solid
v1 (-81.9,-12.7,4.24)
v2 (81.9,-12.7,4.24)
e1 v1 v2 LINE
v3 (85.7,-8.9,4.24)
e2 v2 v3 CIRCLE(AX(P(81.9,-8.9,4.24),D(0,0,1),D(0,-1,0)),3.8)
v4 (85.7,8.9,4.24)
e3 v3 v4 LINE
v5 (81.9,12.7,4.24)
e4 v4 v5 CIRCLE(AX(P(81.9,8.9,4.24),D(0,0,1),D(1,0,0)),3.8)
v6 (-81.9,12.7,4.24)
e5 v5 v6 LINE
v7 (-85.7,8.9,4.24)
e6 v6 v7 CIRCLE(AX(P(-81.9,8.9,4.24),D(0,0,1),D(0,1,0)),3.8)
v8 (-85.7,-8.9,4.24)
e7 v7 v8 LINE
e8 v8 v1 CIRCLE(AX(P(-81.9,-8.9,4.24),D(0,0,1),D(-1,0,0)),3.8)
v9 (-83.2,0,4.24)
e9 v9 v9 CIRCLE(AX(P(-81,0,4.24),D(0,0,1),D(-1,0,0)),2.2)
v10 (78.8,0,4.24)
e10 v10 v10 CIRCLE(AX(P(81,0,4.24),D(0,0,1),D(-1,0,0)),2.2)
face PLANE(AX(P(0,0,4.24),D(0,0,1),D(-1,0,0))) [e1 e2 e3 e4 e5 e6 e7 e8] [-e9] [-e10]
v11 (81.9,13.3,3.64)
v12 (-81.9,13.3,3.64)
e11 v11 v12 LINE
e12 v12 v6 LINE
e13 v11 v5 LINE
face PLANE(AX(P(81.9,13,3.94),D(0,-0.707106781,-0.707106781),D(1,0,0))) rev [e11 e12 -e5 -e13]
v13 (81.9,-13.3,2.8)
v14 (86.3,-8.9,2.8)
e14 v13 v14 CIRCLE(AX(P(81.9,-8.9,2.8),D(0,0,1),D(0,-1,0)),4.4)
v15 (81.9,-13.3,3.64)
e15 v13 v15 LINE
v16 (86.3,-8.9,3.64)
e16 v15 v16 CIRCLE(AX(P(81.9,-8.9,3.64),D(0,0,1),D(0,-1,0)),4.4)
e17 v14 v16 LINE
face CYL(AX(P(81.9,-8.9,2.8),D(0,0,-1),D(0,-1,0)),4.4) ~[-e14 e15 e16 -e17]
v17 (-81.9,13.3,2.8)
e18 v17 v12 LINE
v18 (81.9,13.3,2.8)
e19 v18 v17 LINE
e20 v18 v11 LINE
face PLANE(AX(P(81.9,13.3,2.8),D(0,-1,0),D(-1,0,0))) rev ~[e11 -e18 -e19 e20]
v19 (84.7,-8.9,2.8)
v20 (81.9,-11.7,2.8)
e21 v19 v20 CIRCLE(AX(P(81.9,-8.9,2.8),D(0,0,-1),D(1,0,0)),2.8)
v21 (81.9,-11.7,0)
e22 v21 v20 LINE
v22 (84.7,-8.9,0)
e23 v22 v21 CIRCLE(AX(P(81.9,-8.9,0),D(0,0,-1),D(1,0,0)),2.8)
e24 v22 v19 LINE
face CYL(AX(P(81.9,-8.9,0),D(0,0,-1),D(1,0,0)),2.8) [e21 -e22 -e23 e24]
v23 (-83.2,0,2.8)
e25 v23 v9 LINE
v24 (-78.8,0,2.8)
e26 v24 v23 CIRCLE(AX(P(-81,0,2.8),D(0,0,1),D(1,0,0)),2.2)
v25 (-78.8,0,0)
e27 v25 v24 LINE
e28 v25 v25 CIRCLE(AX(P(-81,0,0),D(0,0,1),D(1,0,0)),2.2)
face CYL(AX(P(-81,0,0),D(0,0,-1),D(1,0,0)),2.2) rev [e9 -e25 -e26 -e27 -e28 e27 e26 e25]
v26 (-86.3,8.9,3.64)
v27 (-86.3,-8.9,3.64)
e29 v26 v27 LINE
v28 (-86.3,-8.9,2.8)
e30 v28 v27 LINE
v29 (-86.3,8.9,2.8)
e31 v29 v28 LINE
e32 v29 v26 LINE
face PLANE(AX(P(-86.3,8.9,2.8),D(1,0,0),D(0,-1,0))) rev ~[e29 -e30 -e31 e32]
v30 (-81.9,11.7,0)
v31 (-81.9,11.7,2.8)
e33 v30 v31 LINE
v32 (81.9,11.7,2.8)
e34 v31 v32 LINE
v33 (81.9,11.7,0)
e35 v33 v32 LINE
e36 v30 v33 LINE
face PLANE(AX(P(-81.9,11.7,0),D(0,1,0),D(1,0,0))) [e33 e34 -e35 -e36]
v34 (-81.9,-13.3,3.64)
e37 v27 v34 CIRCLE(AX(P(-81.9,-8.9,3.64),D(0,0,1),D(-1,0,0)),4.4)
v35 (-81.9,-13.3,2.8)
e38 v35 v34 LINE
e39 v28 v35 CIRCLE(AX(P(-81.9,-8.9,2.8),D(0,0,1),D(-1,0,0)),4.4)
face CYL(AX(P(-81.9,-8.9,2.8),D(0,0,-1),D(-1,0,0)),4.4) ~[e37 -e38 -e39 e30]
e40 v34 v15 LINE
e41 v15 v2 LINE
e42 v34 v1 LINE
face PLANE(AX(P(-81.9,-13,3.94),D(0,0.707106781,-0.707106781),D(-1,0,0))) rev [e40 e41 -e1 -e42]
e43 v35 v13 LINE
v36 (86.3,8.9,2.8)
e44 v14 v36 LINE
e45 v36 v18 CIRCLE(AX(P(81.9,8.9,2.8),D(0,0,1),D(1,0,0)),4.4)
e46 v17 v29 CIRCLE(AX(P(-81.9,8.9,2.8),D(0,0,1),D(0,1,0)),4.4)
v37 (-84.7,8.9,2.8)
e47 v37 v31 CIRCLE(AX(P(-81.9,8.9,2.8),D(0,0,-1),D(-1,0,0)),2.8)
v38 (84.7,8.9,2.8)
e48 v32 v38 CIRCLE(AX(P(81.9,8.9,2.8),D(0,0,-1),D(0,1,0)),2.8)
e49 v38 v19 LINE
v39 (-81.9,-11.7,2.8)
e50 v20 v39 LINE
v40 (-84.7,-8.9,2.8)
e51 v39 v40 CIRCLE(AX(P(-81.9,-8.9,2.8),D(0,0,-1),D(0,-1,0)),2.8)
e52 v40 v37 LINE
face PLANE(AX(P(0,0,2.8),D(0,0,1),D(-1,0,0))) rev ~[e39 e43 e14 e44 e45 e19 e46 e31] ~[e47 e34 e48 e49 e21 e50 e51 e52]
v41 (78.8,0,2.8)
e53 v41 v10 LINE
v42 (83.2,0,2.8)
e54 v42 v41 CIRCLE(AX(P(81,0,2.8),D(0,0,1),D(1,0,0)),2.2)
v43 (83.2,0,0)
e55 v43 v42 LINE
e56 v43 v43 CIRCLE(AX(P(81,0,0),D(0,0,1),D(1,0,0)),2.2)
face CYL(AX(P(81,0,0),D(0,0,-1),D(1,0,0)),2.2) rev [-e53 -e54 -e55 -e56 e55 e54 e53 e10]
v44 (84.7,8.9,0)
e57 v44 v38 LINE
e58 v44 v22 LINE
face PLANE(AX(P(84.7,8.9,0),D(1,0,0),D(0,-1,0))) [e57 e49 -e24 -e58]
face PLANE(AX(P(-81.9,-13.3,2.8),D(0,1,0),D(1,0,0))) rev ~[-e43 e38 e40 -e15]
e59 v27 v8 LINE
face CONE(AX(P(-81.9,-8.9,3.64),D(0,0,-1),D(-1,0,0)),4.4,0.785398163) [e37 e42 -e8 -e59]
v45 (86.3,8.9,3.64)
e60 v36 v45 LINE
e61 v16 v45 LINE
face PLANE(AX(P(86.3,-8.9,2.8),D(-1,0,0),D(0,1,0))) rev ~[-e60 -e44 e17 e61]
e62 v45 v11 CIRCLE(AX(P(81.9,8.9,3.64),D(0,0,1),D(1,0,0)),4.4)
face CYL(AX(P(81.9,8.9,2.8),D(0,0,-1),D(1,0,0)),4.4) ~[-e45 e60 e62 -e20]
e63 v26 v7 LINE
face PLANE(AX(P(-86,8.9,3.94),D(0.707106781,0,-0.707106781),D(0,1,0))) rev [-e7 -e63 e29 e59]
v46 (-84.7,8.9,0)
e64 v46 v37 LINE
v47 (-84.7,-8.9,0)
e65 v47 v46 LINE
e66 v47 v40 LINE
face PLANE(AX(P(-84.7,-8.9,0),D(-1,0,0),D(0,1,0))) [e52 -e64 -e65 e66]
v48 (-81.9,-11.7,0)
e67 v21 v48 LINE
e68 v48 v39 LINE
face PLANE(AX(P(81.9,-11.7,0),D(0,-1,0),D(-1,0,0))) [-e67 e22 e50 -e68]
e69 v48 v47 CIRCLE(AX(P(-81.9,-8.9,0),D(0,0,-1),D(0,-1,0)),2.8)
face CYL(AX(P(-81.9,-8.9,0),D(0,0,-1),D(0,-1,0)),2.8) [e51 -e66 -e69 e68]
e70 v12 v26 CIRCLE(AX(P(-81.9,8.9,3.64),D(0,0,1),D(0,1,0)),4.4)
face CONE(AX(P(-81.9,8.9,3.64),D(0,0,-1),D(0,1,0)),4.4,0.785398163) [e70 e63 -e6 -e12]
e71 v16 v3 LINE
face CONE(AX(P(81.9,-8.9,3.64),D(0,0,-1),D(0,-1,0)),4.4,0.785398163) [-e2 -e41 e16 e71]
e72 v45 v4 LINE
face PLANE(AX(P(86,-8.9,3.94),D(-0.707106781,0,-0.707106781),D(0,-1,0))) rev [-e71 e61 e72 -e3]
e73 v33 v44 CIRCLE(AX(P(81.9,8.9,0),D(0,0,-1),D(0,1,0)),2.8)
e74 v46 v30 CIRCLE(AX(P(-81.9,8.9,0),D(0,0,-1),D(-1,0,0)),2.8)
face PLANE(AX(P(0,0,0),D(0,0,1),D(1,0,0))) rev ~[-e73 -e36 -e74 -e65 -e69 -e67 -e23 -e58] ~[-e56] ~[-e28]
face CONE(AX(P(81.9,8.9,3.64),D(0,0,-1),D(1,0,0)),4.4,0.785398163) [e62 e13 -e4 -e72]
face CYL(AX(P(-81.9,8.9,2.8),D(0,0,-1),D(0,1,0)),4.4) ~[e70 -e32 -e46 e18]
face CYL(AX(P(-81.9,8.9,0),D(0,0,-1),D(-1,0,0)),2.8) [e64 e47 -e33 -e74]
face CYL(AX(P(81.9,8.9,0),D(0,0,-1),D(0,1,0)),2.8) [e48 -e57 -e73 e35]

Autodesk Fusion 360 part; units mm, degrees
sketch "Sketch1" plane through (0, 0, 0) normal (0, 0, 1) x (1, 0, 0)
  line L0 (-84.9, 11.9) -> (84.9, 11.9)
  line L1 (84.9, 11.9) -> (84.9, -11.9)
  line L2 (84.9, -11.9) -> (-84.9, -11.9)
  line L3 (-84.9, -11.9) -> (-84.9, 11.9)
  circle A0 centre (-81.9, 8.9) radius 3
  circle A1 centre (-81.9, -8.9) radius 3
  circle A2 centre (81.9, 8.9) radius 3
  circle A3 centre (81.9, -8.9) radius 3
  line L4 (-107.1873, 0) -> (-105, 0)
  line L5 (-105, 0) -> (105, 0) construction
  circle A4 centre (-81, 0) radius 2.2
  circle A5 centre (81, 0) radius 2.2
  dimension "d21" = 169.8
  dimension "d22" = 84.9
  dimension "d23" = 23.8
  dimension "d24" = 11.9
  dimension "d25" = 6
  dimension "d26" = 6
  dimension "d27" = 6
  dimension "d28" = 6
  dimension "d29" = 210
  dimension "d30" = 4.4
  dimension "d31" = 4.4
  dimension "d32" = 3.9
  dimension "d33" = 3.9
extrude "Extrude1" add sketch "Sketch1" along normal blind 2.8 contours L0 L1 L2 L3 A0 A1 A2 A3 | A0 | A2 | A1 | A3
sketch "Sketch2" plane through (0, 0, 2.8) normal (0, 0, 1) x (-1, 0, 0)
  circle A0 centre (81, 0) radius 2.2
  circle A1 centre (-81, 0) radius 2.2
  arc A2 (81.9, -11.9) -> (84.9, -8.9) centre (81.9, -8.9) ccw
  line L0 (84.9, -8.9) -> (84.9, 8.9)
  arc A3 (84.9, 8.9) -> (81.9, 11.9) centre (81.9, 8.9) ccw
  line L1 (81.9, 11.9) -> (-81.9, 11.9)
  arc A4 (-81.9, 11.9) -> (-84.9, 8.9) centre (-81.9, 8.9) ccw
  line L2 (-84.9, 8.9) -> (-84.9, -8.9)
  arc A5 (-84.9, -8.9) -> (-81.9, -11.9) centre (-81.9, -8.9) ccw
  line L3 (-81.9, -11.9) -> (81.9, -11.9)
  line L4 (-81.9, -13.3) -> (81.9, -13.3)
  arc A6 (81.9, -13.3) -> (86.3, -8.9) centre (81.9, -8.9) ccw
  line L5 (86.3, -8.9) -> (86.3, 8.9)
  arc A7 (86.3, 8.9) -> (81.9, 13.3) centre (81.9, 8.9) ccw
  line L6 (81.9, 13.3) -> (-81.9, 13.3)
  arc A8 (-81.9, 13.3) -> (-86.3, 8.9) centre (-81.9, 8.9) ccw
  line L7 (-86.3, 8.9) -> (-86.3, -8.9)
  arc A9 (-86.3, -8.9) -> (-81.9, -13.3) centre (-81.9, -8.9) ccw
  dimension "d36" = 1.4
extrude "Extrude2" add sketch "Sketch2" along normal blind 1.44 contours A2 L0 A3 L1 A4 L2 A5 L3 | L4 A6 L5 A7 L6 A8 L7 A9
chamfer "Chamfer1" distance 0.6 angle 45 8 edges at (86.3, 0, 4.24) (85.0113, 12.0113, 4.24) (0, 13.3, 4.24) (-85.0113, 12.0113, 4.24) (-86.3, 0, 4.24) (-85.0113, -12.0113, 4.24) (0, -13.3, 4.24) (85.0113, -12.0113, 4.24)
sketch "Sketch4" plane through (-1.7827, -2.3697, 0) normal (0, 0, -1) x (1, 0, 0)
  circle A0 centre (-79.2173, -2.3697) radius 2.2
  circle A1 centre (82.7827, -2.3697) radius 2.2
  arc A2 (-83.1173, -11.2697) -> (-80.1173, -14.2697) centre (-80.1173, -11.2697) ccw
  line L0 (-80.1173, -14.2697) -> (83.6827, -14.2697)
  arc A3 (83.6827, -14.2697) -> (86.6827, -11.2697) centre (83.6827, -11.2697) ccw
  line L1 (86.6827, -11.2697) -> (86.6827, 6.5303)
  arc A4 (86.6827, 6.5303) -> (83.6827, 9.5303) centre (83.6827, 6.5303) ccw
  line L2 (83.6827, 9.5303) -> (-80.1173, 9.5303)
  arc A5 (-80.1173, 9.5303) -> (-83.1173, 6.5303) centre (-80.1173, 6.5303) ccw
  line L3 (-83.1173, 6.5303) -> (-83.1173, -11.2697)
  line L4 (-82.9173, 6.5303) -> (-82.9173, -11.2697)
  arc A6 (-82.9173, -11.2697) -> (-80.1173, -14.0697) centre (-80.1173, -11.2697) ccw
  line L5 (-80.1173, -14.0697) -> (83.6827, -14.0697)
  arc A7 (83.6827, -14.0697) -> (86.4827, -11.2697) centre (83.6827, -11.2697) ccw
  line L6 (86.4827, -11.2697) -> (86.4827, 6.5303)
  arc A8 (86.4827, 6.5303) -> (83.6827, 9.3303) centre (83.6827, 6.5303) ccw
  line L7 (83.6827, 9.3303) -> (-80.1173, 9.3303)
  arc A9 (-80.1173, 9.3303) -> (-82.9173, 6.5303) centre (-80.1173, 6.5303) ccw
  dimension "d44" = -0.2
extrude "Extrude4" cut sketch "Sketch4" against normal up to surface (2.8 mm away) contours A2 L0 A3 L1 A4 L2 A5 L3
equation "d22 = d21 / 2"
equation "d24 = d23 / 2"
equation "d26 = d25"
equation "d27 = d25"
equation "d28 = d25"
equation "d33 = d32"
